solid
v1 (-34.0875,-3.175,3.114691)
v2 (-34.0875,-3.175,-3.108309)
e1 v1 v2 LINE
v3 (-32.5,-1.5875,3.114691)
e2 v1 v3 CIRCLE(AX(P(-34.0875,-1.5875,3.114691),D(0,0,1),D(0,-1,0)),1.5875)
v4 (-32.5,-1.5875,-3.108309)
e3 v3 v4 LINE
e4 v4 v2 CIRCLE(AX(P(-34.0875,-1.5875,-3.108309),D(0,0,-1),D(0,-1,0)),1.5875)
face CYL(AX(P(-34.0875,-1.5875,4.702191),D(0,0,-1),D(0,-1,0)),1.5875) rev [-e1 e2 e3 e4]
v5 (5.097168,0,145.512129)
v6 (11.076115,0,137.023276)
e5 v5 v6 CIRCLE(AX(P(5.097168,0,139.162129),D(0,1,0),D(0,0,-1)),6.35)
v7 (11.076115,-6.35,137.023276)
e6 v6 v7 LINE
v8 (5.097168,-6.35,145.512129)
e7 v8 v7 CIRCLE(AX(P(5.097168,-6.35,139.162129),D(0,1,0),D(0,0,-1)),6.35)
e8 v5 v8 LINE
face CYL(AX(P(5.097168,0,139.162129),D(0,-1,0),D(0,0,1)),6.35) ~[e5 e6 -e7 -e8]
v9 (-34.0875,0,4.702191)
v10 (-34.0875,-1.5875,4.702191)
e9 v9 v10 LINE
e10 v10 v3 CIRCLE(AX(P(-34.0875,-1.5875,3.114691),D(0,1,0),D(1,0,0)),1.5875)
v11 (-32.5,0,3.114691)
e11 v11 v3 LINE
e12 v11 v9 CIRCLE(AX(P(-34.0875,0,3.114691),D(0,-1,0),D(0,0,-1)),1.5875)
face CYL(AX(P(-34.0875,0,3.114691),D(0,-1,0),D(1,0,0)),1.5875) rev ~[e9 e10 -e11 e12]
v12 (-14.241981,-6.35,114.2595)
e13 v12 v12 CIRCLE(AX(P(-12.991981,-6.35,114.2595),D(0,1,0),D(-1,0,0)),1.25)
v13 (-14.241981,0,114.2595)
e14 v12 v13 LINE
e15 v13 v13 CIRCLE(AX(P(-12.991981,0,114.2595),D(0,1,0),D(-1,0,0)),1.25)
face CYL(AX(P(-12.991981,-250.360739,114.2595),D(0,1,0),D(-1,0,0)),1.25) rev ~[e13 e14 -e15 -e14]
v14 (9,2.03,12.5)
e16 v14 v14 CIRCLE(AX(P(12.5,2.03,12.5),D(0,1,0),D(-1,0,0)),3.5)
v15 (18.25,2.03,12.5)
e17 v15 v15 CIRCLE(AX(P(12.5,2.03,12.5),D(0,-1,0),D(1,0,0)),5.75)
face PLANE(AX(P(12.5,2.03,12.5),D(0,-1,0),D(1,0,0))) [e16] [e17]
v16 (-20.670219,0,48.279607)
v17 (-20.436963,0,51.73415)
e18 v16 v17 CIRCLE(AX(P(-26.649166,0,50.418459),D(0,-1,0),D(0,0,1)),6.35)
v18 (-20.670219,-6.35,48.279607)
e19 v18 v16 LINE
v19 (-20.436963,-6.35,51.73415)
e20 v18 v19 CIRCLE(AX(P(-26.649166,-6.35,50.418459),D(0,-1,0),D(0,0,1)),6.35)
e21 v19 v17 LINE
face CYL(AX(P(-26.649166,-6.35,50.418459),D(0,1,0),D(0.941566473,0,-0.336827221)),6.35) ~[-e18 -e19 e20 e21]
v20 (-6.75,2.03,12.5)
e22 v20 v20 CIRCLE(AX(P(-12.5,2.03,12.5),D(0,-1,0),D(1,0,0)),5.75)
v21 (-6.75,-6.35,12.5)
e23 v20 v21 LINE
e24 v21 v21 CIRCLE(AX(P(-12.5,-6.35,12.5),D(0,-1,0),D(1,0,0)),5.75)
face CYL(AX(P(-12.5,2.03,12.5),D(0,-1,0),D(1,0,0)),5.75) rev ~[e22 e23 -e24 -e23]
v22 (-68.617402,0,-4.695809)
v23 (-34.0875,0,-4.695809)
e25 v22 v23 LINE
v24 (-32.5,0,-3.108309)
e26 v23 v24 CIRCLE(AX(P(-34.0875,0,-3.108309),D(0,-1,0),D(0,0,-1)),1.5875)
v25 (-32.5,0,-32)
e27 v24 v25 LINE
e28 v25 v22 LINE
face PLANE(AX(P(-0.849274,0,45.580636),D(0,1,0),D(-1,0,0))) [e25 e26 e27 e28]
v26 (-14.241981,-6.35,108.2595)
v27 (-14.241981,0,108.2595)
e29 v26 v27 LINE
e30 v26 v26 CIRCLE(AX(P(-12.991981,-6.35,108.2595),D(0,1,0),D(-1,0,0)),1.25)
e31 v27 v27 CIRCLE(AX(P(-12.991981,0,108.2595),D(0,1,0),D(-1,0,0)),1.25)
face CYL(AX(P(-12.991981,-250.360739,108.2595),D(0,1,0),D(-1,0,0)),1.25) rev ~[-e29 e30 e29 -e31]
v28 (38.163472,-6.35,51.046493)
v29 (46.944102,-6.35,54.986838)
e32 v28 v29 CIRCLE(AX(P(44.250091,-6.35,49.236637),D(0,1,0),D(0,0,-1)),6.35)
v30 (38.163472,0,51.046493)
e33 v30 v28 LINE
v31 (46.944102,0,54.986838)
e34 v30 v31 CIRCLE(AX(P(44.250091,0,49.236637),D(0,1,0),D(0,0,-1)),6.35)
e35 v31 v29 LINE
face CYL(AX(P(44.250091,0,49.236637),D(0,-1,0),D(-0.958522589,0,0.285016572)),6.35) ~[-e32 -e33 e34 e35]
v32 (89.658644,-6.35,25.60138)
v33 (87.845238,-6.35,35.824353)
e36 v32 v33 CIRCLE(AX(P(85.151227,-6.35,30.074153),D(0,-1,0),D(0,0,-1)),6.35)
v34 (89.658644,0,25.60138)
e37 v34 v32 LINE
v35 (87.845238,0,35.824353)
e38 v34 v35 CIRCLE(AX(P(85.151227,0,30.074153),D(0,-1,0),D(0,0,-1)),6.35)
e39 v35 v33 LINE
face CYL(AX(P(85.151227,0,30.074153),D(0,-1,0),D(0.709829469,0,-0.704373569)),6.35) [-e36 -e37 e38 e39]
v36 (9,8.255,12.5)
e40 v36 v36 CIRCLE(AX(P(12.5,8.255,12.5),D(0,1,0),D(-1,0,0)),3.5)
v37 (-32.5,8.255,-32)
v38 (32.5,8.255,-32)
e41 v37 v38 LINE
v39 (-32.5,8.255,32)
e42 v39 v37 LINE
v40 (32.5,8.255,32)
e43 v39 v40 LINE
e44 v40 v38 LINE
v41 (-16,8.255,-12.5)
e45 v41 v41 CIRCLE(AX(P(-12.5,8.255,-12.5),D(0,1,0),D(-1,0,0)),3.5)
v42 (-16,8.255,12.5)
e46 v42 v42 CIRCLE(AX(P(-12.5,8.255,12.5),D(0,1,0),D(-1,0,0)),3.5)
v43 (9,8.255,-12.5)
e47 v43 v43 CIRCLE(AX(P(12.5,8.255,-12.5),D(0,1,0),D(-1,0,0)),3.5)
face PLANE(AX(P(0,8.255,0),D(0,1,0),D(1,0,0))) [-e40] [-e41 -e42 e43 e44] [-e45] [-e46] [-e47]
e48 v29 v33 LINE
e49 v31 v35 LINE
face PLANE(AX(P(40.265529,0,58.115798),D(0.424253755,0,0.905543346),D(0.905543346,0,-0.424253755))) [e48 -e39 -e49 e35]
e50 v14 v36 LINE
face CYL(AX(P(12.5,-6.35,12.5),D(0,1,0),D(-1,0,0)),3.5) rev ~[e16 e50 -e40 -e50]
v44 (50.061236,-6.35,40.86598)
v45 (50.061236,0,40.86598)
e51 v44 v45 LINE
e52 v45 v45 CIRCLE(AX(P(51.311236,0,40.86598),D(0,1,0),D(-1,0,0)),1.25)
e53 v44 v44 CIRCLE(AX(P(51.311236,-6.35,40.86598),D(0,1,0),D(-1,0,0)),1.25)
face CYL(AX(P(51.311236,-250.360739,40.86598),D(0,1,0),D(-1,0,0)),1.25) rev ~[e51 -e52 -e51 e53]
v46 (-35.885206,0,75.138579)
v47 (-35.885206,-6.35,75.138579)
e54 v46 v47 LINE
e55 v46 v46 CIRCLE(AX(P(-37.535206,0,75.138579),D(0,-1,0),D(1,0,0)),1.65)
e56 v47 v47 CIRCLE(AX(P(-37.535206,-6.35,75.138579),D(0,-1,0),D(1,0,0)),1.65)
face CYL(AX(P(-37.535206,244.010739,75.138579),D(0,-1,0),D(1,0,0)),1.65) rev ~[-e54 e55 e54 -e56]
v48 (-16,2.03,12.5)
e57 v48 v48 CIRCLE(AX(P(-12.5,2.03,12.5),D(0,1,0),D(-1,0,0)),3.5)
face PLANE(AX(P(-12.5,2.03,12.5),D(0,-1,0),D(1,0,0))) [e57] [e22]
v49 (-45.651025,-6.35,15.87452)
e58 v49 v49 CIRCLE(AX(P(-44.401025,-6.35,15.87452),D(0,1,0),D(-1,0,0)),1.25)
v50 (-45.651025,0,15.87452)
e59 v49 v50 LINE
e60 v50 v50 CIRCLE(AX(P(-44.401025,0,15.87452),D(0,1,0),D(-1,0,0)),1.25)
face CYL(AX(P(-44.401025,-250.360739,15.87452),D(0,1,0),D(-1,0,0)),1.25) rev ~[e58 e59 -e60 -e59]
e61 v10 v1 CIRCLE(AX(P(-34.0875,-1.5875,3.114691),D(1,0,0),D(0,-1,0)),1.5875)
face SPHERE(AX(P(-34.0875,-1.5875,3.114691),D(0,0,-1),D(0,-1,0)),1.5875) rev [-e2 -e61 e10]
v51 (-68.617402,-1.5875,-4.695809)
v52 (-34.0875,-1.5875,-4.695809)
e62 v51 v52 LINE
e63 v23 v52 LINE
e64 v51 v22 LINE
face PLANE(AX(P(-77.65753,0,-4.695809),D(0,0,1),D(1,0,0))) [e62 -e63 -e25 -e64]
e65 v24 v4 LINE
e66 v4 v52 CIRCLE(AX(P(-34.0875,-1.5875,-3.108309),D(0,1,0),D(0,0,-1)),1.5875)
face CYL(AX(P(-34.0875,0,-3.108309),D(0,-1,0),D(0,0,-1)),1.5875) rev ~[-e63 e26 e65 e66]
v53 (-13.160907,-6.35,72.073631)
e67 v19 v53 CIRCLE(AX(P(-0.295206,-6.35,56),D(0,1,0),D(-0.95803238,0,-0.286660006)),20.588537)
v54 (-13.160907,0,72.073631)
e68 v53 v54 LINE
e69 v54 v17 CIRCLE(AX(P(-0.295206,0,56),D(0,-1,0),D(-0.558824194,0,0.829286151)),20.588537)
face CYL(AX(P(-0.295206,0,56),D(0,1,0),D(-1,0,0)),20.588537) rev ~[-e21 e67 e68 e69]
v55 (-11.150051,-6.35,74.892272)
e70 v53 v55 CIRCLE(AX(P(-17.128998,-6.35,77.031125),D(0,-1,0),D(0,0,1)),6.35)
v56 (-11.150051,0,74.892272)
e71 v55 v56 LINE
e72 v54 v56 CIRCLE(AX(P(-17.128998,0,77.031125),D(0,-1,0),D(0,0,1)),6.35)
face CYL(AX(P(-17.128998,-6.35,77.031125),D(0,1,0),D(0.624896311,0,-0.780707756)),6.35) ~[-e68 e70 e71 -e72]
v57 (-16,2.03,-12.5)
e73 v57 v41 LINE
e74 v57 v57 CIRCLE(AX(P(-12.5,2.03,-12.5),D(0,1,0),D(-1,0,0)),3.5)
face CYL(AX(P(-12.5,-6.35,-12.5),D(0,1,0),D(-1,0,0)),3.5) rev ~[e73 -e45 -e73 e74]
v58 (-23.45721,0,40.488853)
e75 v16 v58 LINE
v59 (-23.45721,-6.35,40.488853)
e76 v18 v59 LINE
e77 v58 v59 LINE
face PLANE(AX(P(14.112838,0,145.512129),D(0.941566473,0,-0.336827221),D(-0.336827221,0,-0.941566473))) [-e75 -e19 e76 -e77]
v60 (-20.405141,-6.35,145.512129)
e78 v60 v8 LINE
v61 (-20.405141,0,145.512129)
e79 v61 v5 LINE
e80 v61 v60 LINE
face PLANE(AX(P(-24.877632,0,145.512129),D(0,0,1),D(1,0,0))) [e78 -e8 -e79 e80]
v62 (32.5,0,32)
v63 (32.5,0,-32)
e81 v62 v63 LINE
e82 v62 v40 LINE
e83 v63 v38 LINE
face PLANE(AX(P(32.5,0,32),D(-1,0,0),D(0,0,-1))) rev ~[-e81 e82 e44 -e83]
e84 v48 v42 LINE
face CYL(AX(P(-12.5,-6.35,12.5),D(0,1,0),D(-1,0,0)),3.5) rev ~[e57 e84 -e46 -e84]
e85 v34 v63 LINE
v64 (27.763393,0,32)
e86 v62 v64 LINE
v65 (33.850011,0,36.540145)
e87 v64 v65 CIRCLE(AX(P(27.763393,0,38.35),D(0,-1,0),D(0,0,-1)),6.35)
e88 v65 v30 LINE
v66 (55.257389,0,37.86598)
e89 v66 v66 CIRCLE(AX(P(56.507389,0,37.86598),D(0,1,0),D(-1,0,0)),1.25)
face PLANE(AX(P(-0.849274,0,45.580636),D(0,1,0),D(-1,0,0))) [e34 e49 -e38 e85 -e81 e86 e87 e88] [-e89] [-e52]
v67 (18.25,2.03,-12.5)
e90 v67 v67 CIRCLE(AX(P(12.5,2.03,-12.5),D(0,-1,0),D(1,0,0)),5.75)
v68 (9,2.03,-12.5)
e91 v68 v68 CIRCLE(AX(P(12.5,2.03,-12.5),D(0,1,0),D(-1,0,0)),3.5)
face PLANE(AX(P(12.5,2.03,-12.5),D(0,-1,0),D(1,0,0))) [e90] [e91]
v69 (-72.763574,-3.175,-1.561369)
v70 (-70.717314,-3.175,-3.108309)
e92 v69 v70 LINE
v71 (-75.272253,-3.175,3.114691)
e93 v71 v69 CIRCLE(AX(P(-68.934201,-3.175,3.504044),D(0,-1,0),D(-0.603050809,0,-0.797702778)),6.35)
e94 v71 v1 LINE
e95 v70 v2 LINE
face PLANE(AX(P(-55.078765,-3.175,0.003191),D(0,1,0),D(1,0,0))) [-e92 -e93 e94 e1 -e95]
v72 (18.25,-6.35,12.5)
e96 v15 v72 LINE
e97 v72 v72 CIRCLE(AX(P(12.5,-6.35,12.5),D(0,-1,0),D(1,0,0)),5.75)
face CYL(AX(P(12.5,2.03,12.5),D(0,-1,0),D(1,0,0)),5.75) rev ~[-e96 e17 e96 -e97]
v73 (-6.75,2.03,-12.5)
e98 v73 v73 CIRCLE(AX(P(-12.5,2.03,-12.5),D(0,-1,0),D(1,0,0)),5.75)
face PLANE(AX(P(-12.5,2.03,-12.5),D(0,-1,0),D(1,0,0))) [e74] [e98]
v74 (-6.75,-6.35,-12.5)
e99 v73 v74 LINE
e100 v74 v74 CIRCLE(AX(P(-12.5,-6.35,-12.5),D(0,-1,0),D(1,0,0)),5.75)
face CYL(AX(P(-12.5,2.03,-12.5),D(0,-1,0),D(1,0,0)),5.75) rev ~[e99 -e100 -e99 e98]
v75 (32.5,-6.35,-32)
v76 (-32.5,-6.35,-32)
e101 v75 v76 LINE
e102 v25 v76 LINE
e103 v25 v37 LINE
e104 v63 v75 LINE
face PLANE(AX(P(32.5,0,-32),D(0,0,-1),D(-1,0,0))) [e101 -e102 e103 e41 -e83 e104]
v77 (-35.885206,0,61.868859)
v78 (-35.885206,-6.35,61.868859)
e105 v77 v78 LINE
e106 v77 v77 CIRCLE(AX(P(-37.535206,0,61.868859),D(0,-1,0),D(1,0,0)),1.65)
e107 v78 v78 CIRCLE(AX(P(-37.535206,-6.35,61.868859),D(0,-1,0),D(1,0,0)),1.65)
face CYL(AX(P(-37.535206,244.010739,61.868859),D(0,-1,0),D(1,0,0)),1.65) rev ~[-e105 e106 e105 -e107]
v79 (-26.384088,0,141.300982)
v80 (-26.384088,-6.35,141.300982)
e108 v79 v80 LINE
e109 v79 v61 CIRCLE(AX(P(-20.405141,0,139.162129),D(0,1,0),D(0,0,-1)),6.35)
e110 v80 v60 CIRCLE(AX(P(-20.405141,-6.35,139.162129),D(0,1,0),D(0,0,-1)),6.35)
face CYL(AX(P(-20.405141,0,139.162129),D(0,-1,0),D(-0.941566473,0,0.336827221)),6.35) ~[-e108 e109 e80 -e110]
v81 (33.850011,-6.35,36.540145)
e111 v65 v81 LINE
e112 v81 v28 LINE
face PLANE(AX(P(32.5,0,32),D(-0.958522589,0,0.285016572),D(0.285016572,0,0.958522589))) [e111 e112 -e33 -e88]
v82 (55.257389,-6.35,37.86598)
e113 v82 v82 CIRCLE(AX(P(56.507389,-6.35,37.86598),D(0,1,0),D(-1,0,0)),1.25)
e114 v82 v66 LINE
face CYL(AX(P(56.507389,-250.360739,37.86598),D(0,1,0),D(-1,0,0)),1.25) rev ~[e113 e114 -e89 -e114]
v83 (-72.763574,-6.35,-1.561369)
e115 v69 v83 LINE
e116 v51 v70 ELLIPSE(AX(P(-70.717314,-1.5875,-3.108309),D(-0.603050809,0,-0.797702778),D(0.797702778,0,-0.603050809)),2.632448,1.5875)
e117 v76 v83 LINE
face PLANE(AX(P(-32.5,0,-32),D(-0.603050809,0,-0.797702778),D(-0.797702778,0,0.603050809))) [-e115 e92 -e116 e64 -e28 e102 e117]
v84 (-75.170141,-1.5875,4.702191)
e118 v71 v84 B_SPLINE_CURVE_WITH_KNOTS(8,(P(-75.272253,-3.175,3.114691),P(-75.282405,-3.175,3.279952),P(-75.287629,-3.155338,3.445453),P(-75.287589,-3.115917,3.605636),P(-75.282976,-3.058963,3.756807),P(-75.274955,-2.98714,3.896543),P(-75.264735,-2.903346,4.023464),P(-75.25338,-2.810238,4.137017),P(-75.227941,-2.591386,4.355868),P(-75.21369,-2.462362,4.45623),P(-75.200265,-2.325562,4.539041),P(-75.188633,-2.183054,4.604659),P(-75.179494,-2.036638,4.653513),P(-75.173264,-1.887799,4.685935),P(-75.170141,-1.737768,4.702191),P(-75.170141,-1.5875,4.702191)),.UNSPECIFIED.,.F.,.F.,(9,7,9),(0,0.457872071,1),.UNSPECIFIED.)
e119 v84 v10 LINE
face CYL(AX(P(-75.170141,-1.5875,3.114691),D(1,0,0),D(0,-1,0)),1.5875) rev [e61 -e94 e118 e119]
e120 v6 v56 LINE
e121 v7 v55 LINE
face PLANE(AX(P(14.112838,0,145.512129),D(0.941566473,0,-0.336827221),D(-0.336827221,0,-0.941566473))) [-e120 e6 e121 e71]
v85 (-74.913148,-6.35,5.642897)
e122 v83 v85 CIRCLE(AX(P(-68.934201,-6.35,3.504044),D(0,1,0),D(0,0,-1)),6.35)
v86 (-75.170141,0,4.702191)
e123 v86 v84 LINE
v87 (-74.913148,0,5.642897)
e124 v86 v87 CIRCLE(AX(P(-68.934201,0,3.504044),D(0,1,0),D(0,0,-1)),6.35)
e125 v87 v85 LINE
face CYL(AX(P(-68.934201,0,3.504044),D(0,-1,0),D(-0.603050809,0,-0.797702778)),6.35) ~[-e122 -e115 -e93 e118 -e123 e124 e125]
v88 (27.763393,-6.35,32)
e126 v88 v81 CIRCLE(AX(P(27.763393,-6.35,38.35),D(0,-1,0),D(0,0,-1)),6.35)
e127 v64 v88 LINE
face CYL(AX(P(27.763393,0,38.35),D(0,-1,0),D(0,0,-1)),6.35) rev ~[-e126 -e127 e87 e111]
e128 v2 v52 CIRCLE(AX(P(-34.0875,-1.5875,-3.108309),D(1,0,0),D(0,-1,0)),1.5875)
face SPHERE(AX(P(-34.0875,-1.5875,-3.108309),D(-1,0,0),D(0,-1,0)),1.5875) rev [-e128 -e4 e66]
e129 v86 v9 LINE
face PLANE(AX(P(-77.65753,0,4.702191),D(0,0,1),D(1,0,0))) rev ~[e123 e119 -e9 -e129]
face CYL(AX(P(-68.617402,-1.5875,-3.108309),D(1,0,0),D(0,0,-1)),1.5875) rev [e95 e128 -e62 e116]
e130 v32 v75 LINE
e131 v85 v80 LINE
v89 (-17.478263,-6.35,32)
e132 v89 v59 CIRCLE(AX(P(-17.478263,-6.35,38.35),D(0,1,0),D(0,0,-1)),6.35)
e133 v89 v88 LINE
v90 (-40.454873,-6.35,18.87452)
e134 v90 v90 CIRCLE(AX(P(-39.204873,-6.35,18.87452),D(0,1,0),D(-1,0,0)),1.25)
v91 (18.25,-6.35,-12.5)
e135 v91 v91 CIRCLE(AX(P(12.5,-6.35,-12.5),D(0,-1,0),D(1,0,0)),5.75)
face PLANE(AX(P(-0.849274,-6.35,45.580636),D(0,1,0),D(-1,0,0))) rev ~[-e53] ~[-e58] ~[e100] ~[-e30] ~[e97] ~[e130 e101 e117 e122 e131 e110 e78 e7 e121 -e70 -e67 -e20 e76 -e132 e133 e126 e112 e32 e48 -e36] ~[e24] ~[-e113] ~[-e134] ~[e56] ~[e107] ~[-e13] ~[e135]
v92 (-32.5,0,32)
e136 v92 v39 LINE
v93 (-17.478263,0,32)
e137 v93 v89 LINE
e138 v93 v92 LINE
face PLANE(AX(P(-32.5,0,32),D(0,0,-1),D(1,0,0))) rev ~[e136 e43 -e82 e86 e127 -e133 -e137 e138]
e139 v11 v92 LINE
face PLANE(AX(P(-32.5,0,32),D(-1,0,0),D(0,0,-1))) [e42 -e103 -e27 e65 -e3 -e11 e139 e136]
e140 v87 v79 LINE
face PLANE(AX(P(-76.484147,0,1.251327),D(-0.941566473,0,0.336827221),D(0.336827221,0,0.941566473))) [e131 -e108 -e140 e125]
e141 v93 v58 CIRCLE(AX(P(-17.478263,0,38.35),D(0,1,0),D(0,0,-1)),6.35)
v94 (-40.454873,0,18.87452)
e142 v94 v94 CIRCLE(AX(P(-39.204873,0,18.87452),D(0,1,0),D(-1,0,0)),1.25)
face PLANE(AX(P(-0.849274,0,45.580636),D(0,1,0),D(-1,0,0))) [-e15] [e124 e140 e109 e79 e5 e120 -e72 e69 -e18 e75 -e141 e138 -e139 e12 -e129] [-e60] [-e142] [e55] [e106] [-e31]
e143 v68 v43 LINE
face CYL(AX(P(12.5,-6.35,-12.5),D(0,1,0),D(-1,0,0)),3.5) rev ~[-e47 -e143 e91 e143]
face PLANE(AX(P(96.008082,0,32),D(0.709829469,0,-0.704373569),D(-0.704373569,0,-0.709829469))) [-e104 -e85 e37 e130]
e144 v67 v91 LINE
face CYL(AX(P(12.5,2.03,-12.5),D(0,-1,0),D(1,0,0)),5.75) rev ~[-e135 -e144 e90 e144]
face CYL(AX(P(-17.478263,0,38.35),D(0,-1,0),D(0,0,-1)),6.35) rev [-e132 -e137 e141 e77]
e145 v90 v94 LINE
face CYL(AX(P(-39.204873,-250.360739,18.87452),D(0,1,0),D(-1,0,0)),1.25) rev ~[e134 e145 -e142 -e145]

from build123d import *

# Parameters (mm, degrees)
SKETCH1_W                       = 65
SKETCH1_H                       = 64
EXTRUDE1_DEPTH                  = 8.255
EXTRUDE2_DEPTH                  = 6.35
FILLET1_R                       = 6.35
CBORE_FOR_M6_SBHCS1_D           = 7
CBORE_FOR_M6_SBHCS1_CBORE_D     = 11.5
CBORE_FOR_M6_SBHCS1_CBORE_DEPTH = 8.38
M3X0_5_TAPPED_HOLE1_D           = 2.5
M4X0_7_TAPPED_HOLE1_D           = 3.3
SKETCH10_W                      = 45.157529952
SKETCH10_H                      = 9.398
CUT_EXTRUDE1_DEPTH              = 3.175
FILLET2_R                       = 1.5875
SKETCH11_R                      = 20.588537239
CUT_EXTRUDE2_DEPTH              = 173.088346863
FILLET3_R                       = 6.35


with BuildPart() as part:
    # Sketch1 → Extrude1 (new body)
    with BuildSketch(Plane(origin=(0, 0, 0), x_dir=(1, 0, 0), z_dir=(0, 1, 0))):
        Rectangle(SKETCH1_W, SKETCH1_H)
    extrude(amount=EXTRUDE1_DEPTH)

    # Sketch3 → Extrude2 (add)
    with BuildSketch(Plane.XZ):
        Polygon((-32.5, -32), (-76.484147351, 1.251326619), (-24.877631504, 145.512128668), (14.112838434, 145.512128668), (-26.493933355, 32), (32.5, 32), (40.26552936, 58.115798324), (96.00808235, 32), (32.5, -32), align=None)
    extrude(amount=EXTRUDE2_DEPTH)

    # Fillet1
    fillet1_edges = [part.edges().sort_by_distance(p)[0] for p in [
        (96.00808235, -3.175, 32),
        (40.26552936, -3.175, 58.115798324),
        (32.5, -3.175, 32),
        (-26.493933355, -3.175, 32),
        (-76.484147351, -3.175, 1.251326619),
        (-24.877631504, -3.175, 145.512128668),
        (14.112838434, -3.175, 145.512128668),
    ]]
    fillet(fillet1_edges, radius=FILLET1_R)

    # CBORE for M6 SBHCS1 (through all)
    with Locations(Plane.XZ.offset(6.35)):
        with Locations((-12.5, 12.5), (12.5, 12.5), (12.5, -12.5), (-12.5, -12.5)):
            CounterBoreHole(CBORE_FOR_M6_SBHCS1_D / 2, CBORE_FOR_M6_SBHCS1_CBORE_D / 2, CBORE_FOR_M6_SBHCS1_CBORE_DEPTH)

    # M3x0.5 Tapped Hole1 (through all)
    with Locations(Plane.XZ.offset(6.35)):
        with Locations((-12.991981474, 114.259500014), (-12.991981474, 108.259500014), (51.311236439, 40.865980186), (56.507388862, 37.865980186), (-39.204872739, 18.874519842), (-44.401025162, 15.874519842)):
            Hole(M3X0_5_TAPPED_HOLE1_D / 2)

    # M4x0.7 Tapped Hole1 (through all)
    with Locations(Plane(origin=(0, 0, 0), x_dir=(-1, 0, 0), z_dir=(0, 1, 0))):
        with Locations((37.535205925, 75.138578877), (37.535205925, 61.868858743)):
            Hole(M4X0_7_TAPPED_HOLE1_D / 2)

    # Sketch10 → Cut-Extrude1 (cut)
    with BuildSketch(Plane(origin=(0, 0, 0), x_dir=(1, 0, 0), z_dir=(0, 1, 0))):
        with Locations((-55.078764976, -0.003190653)):
            Rectangle(SKETCH10_W, SKETCH10_H)
    extrude(amount=-CUT_EXTRUDE1_DEPTH, mode=Mode.SUBTRACT)

    # Fillet2
    fillet2_edges = [part.edges().sort_by_distance(p)[0] for p in [
        (-50.558701218, -3.175, -4.695809347),
        (-32.5, -3.175, 0.003190653),
        (-32.5, -1.5875, -4.695809347),
        (-53.835070304, -3.175, 4.702190653),
        (-32.5, -1.5875, 4.702190653),
    ]]
    fillet(fillet2_edges, radius=FILLET2_R)

    # Sketch11 → Cut-Extrude2 (cut, through all)
    with BuildSketch(Plane(origin=(0, 0, 0), x_dir=(-1, 0, 0), z_dir=(0, 1, 0))):
        with Locations((0.295205925, 56.000000014)):
            Circle(SKETCH11_R)
    extrude(amount=-CUT_EXTRUDE2_DEPTH, mode=Mode.SUBTRACT)

    # Fillet3
    fillet3_edges = [part.edges().sort_by_distance(p)[0] for p in [
        (-20.019691254, -3.175, 50.098089803),
        (-11.80057866, -3.175, 73.07378881),
    ]]
    fillet(fillet3_edges, radius=FILLET3_R)


solid = part.part
